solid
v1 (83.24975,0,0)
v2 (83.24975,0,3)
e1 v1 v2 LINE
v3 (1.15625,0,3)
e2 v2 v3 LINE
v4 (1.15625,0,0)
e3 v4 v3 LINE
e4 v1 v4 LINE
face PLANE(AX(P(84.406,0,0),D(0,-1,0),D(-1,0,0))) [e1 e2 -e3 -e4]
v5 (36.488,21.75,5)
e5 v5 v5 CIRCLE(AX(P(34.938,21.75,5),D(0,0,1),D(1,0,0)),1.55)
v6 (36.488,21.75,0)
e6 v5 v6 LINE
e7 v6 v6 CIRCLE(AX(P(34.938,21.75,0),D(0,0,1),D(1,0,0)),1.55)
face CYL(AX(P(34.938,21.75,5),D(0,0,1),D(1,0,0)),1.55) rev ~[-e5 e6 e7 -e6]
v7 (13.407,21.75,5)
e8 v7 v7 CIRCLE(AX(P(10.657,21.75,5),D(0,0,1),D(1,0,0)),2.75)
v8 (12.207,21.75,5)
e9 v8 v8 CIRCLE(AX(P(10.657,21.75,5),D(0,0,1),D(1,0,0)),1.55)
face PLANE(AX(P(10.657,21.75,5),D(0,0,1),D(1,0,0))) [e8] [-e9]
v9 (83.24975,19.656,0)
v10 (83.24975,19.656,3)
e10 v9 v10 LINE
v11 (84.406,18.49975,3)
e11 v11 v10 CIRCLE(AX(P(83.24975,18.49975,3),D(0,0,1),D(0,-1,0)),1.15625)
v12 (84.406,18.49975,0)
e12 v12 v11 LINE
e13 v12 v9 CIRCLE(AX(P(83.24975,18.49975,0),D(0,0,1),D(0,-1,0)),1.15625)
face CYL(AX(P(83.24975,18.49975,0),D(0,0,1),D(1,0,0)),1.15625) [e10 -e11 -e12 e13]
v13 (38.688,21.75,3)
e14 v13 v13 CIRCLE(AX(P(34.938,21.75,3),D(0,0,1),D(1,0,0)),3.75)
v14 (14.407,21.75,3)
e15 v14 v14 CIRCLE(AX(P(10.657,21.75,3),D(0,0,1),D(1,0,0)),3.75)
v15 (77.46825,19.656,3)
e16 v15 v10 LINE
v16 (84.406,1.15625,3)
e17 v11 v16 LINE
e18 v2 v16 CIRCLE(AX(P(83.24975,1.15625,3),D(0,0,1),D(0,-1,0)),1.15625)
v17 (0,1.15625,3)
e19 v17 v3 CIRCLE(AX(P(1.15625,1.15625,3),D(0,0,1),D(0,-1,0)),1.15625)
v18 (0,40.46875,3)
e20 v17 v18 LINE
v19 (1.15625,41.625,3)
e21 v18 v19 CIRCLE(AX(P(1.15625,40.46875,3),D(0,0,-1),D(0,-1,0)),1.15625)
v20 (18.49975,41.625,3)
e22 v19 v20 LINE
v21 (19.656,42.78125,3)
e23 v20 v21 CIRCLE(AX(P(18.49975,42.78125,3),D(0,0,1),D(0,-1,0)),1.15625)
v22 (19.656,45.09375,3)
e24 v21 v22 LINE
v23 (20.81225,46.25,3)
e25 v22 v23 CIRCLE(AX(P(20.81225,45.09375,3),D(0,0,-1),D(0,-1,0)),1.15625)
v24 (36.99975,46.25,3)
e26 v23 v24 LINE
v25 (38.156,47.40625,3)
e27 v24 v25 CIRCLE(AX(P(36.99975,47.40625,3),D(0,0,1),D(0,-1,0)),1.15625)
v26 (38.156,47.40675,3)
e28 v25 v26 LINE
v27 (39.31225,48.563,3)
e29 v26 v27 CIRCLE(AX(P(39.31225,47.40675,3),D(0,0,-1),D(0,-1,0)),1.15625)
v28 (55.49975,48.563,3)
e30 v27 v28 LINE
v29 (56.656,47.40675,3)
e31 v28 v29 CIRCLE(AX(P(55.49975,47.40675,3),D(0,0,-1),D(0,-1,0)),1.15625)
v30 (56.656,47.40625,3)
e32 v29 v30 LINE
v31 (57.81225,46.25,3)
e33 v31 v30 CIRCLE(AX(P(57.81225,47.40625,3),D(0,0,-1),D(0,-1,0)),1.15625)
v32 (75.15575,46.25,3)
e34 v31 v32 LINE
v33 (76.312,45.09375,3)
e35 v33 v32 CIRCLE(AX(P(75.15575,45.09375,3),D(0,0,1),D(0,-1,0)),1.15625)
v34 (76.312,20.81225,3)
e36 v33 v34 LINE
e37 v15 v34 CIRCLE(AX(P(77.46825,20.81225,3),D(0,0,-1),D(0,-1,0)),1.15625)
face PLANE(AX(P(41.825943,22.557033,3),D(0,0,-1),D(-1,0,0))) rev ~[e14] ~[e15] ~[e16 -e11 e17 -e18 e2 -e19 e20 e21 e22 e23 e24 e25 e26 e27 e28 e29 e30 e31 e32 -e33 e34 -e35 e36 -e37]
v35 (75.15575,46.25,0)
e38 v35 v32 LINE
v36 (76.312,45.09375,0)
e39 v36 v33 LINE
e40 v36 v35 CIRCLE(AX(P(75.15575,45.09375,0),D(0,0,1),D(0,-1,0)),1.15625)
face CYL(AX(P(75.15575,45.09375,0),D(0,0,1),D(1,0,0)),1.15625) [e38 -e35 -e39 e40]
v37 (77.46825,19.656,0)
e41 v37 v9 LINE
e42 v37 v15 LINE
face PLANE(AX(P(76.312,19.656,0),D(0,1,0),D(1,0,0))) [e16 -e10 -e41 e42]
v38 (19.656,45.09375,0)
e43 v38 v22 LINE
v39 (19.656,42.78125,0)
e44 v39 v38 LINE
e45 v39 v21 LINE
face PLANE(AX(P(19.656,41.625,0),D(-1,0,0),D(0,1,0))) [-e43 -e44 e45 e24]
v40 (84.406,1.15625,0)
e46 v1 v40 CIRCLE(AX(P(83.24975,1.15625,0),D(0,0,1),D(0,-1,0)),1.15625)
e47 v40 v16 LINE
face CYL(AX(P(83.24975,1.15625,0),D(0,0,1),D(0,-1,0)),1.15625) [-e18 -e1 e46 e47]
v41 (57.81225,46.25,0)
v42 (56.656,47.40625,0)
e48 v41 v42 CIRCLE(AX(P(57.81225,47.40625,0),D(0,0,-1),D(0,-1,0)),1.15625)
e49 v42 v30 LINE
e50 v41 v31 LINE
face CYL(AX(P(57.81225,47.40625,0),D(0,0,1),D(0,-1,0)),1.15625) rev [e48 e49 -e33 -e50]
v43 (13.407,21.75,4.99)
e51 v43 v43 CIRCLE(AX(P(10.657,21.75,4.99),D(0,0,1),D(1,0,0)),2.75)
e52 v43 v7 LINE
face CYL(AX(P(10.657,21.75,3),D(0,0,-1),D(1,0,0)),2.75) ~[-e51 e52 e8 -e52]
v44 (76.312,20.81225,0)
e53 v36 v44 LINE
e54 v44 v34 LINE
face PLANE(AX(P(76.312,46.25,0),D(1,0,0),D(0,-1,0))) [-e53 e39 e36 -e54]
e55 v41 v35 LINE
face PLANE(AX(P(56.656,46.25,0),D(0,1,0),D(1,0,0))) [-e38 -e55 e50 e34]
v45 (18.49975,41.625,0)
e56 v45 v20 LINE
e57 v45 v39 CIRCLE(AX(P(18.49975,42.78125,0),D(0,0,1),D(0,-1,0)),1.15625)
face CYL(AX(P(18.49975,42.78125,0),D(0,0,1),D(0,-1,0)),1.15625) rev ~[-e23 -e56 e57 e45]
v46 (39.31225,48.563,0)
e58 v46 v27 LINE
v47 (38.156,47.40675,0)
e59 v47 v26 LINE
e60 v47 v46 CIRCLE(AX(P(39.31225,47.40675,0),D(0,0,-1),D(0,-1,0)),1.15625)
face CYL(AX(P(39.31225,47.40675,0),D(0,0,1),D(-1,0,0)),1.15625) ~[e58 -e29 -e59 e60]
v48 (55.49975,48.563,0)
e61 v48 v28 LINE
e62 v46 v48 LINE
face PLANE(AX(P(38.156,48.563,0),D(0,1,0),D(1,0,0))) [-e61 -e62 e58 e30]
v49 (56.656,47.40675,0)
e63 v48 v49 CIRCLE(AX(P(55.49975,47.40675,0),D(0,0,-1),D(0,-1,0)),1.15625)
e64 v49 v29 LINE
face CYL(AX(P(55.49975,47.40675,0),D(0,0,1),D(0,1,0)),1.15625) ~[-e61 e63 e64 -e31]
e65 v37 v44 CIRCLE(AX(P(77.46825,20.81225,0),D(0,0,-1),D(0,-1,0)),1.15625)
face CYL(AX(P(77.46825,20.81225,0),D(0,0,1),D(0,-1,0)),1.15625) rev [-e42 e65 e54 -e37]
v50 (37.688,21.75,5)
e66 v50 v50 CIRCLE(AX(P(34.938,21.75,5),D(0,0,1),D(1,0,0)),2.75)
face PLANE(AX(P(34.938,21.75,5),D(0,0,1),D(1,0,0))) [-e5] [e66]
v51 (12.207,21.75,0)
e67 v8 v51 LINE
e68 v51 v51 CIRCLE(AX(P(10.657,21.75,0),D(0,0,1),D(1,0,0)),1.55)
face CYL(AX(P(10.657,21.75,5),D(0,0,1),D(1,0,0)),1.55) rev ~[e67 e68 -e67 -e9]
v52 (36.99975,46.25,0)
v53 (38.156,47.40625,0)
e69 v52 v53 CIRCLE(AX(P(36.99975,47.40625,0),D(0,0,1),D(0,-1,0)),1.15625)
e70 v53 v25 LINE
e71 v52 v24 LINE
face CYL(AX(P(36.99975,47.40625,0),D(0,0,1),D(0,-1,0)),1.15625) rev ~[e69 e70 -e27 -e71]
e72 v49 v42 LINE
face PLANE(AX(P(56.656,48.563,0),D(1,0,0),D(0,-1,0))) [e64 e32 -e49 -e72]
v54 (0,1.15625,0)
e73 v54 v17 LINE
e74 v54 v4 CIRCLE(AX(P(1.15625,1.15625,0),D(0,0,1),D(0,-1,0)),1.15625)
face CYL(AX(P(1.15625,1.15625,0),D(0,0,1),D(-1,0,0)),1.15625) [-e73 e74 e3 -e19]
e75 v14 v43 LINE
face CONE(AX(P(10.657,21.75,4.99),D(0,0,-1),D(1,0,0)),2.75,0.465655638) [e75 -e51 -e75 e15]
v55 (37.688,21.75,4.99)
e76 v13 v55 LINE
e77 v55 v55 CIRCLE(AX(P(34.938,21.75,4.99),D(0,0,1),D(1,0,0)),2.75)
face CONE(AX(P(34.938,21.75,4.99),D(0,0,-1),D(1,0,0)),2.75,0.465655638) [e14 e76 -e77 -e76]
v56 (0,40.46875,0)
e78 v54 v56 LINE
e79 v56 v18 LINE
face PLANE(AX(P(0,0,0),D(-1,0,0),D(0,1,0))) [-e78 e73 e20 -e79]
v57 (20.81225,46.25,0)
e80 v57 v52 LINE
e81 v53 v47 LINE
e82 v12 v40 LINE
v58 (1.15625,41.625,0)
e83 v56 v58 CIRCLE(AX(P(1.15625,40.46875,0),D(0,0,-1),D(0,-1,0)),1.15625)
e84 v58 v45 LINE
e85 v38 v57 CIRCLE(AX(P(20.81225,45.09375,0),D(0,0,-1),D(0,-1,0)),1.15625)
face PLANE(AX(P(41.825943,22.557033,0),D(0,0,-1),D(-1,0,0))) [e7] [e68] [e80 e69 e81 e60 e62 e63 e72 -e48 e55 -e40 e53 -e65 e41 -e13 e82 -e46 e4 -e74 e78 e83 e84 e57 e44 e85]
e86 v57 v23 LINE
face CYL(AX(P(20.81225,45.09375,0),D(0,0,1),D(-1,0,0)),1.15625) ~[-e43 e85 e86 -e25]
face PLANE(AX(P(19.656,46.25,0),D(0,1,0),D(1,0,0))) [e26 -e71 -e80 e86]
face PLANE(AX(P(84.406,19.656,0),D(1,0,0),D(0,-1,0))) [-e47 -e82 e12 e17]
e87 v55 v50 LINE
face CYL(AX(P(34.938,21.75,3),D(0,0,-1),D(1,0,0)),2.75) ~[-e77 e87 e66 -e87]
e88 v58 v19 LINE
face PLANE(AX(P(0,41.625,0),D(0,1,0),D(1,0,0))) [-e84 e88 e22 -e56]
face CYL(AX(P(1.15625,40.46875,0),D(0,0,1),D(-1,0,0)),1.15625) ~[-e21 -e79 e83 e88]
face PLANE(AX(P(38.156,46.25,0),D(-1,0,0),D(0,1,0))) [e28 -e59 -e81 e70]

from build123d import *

# Parameters (mm, degrees)
PAD_DEPTH     = 3
SKETCH001_R   = 2.75
PAD001_DEPTH  = 2
CHAMFER_SIZE2 = 1.99
CHAMFER_SIZE  = 1
SKETCH002_R   = 1.55
POCKET_DEPTH  = 5
FILLET_R      = 1.15625


with BuildPart() as part:
    # Sketch → Pad (new body)
    with BuildSketch(Plane.XY):
        Polygon((0, 0), (0, 41.625), (19.656, 41.625), (19.656, 46.25), (38.156, 46.25), (38.156, 48.563), (56.656, 48.563), (56.656, 46.25), (76.312, 46.25), (76.312, 19.656), (84.406, 19.656), (84.406, 0), align=None)
    extrude(amount=PAD_DEPTH)

    # Sketch001 (on Face14 of Pad) → Pad001 (join)
    with BuildSketch(Plane.XY.offset(3)):
        with Locations((10.657, 21.75)):
            Circle(SKETCH001_R)
        with Locations((34.938, 21.75)):
            Circle(SKETCH001_R)
    extrude(amount=PAD001_DEPTH)

    # Chamfer
    chamfer_edges = [part.edges().sort_by_distance(p)[0] for p in [
        (7.907, 21.75, 3),
        (32.188, 21.75, 3),
    ]]
    chamfer_side = part.faces().sort_by_distance((41.05483, 22.316964, 3))[0]
    chamfer(chamfer_edges, length=CHAMFER_SIZE, length2=CHAMFER_SIZE2, reference=chamfer_side)

    # Sketch002 (on Face19 of Chamfer) → Pocket (cut)
    with BuildSketch(Plane.XY.offset(5)):
        with Locations((10.657, 21.75)):
            Circle(SKETCH002_R)
        with Locations((34.938, 21.75)):
            Circle(SKETCH002_R)
    extrude(amount=-POCKET_DEPTH, mode=Mode.SUBTRACT)

    # Fillet
    fillet_edges = [part.edges().sort_by_distance(p)[0] for p in [
        (84.406, 0, 1.5),
        (84.406, 19.656, 1.5),
        (76.312, 19.656, 1.5),
        (76.312, 46.25, 1.5),
        (56.656, 46.25, 1.5),
        (56.656, 48.563, 1.5),
        (38.156, 48.563, 1.5),
        (19.656, 46.25, 1.5),
        (0, 41.625, 1.5),
        (38.156, 46.25, 1.5),
        (19.656, 41.625, 1.5),
        (0, 0, 1.5),
    ]]
    fillet(fillet_edges, radius=FILLET_R)


solid = part.part
